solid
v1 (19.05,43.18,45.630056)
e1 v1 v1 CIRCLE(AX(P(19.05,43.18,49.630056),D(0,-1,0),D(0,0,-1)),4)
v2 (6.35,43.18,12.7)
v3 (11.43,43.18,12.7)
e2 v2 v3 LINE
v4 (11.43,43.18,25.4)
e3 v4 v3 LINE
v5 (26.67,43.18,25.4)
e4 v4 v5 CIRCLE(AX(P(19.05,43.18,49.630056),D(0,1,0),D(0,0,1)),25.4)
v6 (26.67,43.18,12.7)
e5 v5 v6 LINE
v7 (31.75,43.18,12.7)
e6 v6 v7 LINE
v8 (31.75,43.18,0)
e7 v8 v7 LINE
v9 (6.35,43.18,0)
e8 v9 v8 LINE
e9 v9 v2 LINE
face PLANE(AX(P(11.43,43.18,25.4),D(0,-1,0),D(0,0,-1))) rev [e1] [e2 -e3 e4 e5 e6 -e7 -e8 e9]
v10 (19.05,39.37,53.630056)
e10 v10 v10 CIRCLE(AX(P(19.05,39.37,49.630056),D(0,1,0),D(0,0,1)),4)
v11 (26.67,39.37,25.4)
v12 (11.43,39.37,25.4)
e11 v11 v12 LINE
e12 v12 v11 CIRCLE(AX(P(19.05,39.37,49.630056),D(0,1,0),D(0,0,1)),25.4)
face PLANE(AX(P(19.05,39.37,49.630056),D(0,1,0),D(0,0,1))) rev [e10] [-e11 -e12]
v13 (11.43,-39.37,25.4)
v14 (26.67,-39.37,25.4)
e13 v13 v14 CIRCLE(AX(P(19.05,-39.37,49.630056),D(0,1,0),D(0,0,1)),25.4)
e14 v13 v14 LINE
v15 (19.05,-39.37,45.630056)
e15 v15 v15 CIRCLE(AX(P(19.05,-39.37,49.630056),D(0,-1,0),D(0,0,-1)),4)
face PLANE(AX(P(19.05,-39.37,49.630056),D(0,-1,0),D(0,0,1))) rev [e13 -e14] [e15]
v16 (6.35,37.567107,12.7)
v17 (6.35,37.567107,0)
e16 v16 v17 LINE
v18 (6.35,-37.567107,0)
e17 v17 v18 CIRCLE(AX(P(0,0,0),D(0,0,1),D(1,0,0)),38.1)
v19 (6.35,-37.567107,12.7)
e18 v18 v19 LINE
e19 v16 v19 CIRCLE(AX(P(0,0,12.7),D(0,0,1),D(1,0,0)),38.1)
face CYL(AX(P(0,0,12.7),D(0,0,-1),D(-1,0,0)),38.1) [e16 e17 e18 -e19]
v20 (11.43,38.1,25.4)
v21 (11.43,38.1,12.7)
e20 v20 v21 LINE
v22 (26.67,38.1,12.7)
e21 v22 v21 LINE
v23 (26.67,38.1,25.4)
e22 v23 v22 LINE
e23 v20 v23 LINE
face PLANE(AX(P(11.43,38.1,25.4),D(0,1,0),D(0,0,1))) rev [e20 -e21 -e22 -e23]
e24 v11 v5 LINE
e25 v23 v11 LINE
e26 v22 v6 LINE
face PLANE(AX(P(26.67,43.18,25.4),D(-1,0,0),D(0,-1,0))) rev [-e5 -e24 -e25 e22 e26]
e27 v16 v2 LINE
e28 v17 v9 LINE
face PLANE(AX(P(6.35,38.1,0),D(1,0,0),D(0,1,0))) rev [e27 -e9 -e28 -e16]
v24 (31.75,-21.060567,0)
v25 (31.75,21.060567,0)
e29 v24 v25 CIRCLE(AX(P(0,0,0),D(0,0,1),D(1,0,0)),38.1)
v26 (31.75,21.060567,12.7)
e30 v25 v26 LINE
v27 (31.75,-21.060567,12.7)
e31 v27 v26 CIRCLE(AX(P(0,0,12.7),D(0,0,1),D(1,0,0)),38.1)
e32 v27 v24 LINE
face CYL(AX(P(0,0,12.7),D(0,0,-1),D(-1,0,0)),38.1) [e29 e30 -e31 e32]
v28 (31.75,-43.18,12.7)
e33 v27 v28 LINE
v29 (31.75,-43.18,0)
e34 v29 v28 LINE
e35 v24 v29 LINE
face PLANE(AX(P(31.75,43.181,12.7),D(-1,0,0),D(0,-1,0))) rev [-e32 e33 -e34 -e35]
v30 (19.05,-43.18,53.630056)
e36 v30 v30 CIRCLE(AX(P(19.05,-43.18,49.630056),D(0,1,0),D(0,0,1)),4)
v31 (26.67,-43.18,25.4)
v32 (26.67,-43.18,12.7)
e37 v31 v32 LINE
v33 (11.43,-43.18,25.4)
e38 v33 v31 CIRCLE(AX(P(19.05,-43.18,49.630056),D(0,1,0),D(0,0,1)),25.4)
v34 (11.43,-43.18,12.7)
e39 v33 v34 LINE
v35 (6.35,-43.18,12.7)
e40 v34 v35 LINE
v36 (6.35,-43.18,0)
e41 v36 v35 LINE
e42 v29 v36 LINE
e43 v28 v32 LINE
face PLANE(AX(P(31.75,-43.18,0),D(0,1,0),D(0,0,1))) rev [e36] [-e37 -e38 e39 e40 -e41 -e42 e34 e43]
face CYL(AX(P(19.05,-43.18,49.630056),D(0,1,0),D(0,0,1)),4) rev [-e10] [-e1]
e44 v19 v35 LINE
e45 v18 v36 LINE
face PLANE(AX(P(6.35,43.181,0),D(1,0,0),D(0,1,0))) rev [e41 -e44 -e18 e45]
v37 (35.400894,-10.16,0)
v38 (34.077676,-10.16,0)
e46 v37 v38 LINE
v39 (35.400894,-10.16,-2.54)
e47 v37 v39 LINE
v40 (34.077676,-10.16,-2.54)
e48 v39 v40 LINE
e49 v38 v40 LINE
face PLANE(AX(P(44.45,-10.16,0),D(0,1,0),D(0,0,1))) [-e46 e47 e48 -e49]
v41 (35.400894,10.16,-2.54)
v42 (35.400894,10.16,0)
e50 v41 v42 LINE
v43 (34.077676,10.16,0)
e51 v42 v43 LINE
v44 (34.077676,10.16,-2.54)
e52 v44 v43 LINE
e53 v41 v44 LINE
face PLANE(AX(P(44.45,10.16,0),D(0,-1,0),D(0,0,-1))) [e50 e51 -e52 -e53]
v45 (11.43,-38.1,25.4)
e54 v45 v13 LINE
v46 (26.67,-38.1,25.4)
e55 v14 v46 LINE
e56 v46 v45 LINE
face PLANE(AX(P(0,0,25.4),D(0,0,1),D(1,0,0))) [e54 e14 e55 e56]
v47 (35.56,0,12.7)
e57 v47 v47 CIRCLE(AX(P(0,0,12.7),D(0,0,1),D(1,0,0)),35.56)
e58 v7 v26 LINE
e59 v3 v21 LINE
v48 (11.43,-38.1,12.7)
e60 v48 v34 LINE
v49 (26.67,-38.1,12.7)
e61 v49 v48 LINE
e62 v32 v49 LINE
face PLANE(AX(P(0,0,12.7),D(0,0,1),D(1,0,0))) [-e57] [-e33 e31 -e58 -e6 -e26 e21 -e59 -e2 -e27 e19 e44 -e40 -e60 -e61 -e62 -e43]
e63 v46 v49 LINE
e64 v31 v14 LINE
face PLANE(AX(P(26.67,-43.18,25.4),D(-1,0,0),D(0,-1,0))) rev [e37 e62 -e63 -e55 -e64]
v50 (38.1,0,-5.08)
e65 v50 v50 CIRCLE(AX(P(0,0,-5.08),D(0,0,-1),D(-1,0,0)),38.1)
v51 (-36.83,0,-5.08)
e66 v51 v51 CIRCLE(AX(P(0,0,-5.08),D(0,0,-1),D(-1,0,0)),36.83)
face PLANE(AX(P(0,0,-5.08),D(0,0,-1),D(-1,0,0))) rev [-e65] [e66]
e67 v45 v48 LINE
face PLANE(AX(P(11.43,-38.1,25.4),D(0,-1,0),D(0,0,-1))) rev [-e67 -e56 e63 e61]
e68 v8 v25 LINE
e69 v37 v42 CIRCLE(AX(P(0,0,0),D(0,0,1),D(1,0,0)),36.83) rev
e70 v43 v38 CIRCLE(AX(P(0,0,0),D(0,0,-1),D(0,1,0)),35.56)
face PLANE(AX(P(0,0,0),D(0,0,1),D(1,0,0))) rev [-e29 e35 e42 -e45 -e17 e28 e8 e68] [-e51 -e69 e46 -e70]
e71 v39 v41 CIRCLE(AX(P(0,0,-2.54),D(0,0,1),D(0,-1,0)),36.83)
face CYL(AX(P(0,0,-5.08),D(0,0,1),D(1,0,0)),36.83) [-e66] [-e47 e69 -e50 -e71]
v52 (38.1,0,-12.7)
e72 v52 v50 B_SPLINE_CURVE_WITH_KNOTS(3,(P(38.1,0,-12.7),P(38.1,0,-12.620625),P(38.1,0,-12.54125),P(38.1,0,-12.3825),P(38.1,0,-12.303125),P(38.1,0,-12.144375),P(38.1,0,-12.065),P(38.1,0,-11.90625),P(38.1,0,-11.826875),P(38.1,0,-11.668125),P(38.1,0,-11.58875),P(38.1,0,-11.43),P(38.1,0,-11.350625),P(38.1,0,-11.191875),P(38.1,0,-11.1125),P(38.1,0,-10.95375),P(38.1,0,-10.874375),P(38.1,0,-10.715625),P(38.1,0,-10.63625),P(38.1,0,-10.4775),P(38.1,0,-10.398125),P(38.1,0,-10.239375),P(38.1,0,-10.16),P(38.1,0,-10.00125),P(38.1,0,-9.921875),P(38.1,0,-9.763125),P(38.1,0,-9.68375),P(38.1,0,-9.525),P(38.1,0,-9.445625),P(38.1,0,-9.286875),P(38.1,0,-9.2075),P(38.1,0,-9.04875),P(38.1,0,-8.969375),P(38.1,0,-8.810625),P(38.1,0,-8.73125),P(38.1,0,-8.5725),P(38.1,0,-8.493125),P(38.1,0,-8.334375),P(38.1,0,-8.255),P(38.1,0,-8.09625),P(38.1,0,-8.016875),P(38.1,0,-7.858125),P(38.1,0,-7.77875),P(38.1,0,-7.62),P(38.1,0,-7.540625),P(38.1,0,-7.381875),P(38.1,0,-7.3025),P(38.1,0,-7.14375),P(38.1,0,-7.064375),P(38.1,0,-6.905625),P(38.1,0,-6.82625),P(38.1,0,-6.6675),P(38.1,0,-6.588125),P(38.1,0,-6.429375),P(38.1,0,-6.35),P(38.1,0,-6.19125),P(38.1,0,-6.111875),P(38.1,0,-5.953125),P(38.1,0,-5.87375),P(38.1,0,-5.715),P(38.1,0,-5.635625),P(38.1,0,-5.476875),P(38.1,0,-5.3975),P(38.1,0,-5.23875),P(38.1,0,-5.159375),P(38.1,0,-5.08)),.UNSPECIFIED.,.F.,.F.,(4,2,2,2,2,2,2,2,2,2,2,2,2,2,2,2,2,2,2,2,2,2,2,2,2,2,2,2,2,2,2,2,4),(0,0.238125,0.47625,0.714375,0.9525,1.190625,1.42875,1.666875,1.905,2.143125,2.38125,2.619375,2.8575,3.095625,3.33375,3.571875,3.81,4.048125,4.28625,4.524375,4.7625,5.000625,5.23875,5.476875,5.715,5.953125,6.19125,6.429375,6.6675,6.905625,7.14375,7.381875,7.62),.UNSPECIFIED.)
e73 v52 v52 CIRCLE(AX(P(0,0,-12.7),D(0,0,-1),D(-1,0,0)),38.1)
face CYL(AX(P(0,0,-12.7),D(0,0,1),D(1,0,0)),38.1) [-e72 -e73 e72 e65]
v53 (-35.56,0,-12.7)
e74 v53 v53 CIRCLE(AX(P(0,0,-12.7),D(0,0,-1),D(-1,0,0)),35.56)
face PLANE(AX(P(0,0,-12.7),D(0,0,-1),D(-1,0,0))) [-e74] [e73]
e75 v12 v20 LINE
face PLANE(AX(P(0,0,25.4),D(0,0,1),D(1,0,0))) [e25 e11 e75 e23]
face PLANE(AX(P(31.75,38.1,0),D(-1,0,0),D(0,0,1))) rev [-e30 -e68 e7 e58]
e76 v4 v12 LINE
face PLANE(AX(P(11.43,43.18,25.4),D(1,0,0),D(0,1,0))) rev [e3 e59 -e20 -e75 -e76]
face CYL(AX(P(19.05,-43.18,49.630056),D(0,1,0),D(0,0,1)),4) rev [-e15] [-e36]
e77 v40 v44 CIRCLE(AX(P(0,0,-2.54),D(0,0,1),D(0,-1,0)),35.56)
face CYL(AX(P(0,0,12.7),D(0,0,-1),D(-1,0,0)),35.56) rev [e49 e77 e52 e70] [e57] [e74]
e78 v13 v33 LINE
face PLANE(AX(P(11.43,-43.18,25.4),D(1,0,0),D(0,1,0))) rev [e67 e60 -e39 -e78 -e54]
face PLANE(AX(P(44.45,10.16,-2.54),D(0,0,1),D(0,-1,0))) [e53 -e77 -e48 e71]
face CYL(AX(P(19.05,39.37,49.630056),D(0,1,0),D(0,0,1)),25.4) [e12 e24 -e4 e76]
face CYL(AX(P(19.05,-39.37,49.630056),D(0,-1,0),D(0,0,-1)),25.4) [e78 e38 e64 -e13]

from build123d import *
from build123d.topology import SkipClean

# Parameters (mm, degrees)
SKETCH2_R                = 38.1
SKETCH2_R_2              = 35.56
BOSS_EXTRUDE1_DEPTH      = 12.7
SKETCH4_W                = 15.24
SKETCH4_H                = 5.08
BOSS_EXTRUDE2_DEPTH      = 12.7
BOSS_EXTRUDE2_2_DEPTH    = 12.7
SKETCH5_W                = 25.4
SKETCH5_H                = 5.08
BOSS_EXTRUDE4_DEPTH      = 12.7
BOSS_EXTRUDE4_2_DEPTH    = 12.7
BOSS_EXTRUDE5_REACH      = 95.291
BOSS_EXTRUDE5_END_RADIUS = 38.1
SKETCH6_W                = 25.4
SKETCH6_H                = 12.7
BOSS_EXTRUDE6_REACH      = 95.291
BOSS_EXTRUDE6_END_RADIUS = 38.1
SKETCH7_W                = 25.4
SKETCH7_H                = 12.7
SKETCH8_R                = 25.4
BOSS_EXTRUDE7_DEPTH      = 3.81
BOSS_EXTRUDE8_START      = 5.08
SKETCH9_R                = 36.83
SKETCH9_R_2              = 35.56
BOSS_EXTRUDE8_DEPTH      = 5.08
BOSS_EXTRUDE9_START      = 7.62
SKETCH10_R               = 38.1
SKETCH10_R_2             = 35.56
BOSS_EXTRUDE9_DEPTH      = 7.62
SKETCH13_W               = 2.54
SKETCH13_H               = 20.32
CUT_EXTRUDE2_DEPTH       = 98.313021537
CUT_EXTRUDE3_DEPTH       = 123.732886223
CUT_EXTRUDE3_DEPTH_BACK  = 123.732886223
SKETCH14_R               = 4


with BuildPart() as part:
    # Sketch2 → Boss-Extrude1 (new body)
    with BuildSketch(Plane.XY):
        Circle(SKETCH2_R)
        Circle(SKETCH2_R_2, mode=Mode.SUBTRACT)
    extrude(amount=BOSS_EXTRUDE1_DEPTH)



with BuildPart() as body_2:
    # Sketch4 → Boss-Extrude2 (new body)
    with BuildSketch(Plane.XY.offset(12.7)):
        with Locations((19.05, 40.64)):
            Rectangle(SKETCH4_W, SKETCH4_H)
    extrude(amount=BOSS_EXTRUDE2_DEPTH)


with BuildPart() as body_3:
    # Sketch4 → Boss-Extrude2 2 (new body)
    with BuildSketch(Plane.XY.offset(12.7)):
        with Locations((19.05, -40.64)):
            Rectangle(SKETCH4_W, SKETCH4_H)
    extrude(amount=BOSS_EXTRUDE2_2_DEPTH)


with BuildPart() as body_4:
    # Sketch5 → Boss-Extrude4 (new body)
    with BuildSketch(Plane(origin=(0, 0, 12.7), x_dir=(-1, 0, 0), z_dir=(0, 0, -1))):
        with Locations((-19.05, 40.64)):
            Rectangle(SKETCH5_W, SKETCH5_H)
    extrude(amount=BOSS_EXTRUDE4_DEPTH)


with BuildPart() as body_5:
    # Sketch5 → Boss-Extrude4 2 (new body)
    with BuildSketch(Plane(origin=(0, 0, 12.7), x_dir=(-1, 0, 0), z_dir=(0, 0, -1))):
        with Locations((-19.05, -40.64)):
            Rectangle(SKETCH5_W, SKETCH5_H)
    extrude(amount=BOSS_EXTRUDE4_2_DEPTH)


with BuildPart() as part_1:
    add(part.part)

    add(body_3.part)  # Boss-Extrude5 merges body 3

    add(body_5.part)  # Boss-Extrude5 merges body 5
    # Boss-Extrude5: up to this cylinder (the profile starts outside it)
    boss_extrude5_end = Plane(origin=(0, 0, 6.35), z_dir=(0, 0, -1)) * Cylinder(BOSS_EXTRUDE5_END_RADIUS, 267.782, mode=Mode.PRIVATE)
    # Sketch6 → Boss-Extrude5 (add, up to the surface)
    with BuildSketch(Plane(origin=(0, -38.1, 0), x_dir=(1, 0, 0), z_dir=(0, 1, 0)), mode=Mode.PRIVATE) as boss_extrude5_sk1:
        with Locations((19.05, -6.35)):
            Rectangle(SKETCH6_W, SKETCH6_H)
    boss_extrude5_tool1 = extrude(boss_extrude5_sk1.sketch, amount=BOSS_EXTRUDE5_REACH, mode=Mode.PRIVATE) - boss_extrude5_end
    add(boss_extrude5_tool1.solids().sort_by_distance((19.05, -38.1, 6.35))[0])


    add(body_2.part)  # Boss-Extrude6 merges body 2

    add(body_4.part)  # Boss-Extrude6 merges body 4
    # Boss-Extrude6: up to this cylinder (the profile starts outside it)
    boss_extrude6_end = Plane(origin=(0, 0, 6.35), z_dir=(0, 0, -1)) * Cylinder(BOSS_EXTRUDE6_END_RADIUS, 267.782, mode=Mode.PRIVATE)
    # Sketch7 → Boss-Extrude6 (add, up to the surface)
    with BuildSketch(Plane.XZ.offset(-38.1), mode=Mode.PRIVATE) as boss_extrude6_sk1:
        with Locations((19.05, 6.35)):
            Rectangle(SKETCH7_W, SKETCH7_H)
    boss_extrude6_tool1 = extrude(boss_extrude6_sk1.sketch, amount=BOSS_EXTRUDE6_REACH, mode=Mode.PRIVATE) - boss_extrude6_end
    add(boss_extrude6_tool1.solids().sort_by_distance((19.05, 38.1, 6.35))[0])

    # Sketch8 → Boss-Extrude7 (add)
    with BuildSketch(Plane(origin=(0, 43.18, 0), x_dir=(1, 0, 0), z_dir=(0, 1, 0))):
        with Locations((19.05, -49.630055716)):
            Circle(SKETCH8_R)
    boss_extrude7 = extrude(amount=-BOSS_EXTRUDE7_DEPTH)

    # Mirror1: Boss-Extrude7 across plane
    add(boss_extrude7.mirror(Plane.ZX))

    # Sketch9 → Boss-Extrude8 (add)
    with SkipClean():  # the faces are left unmerged after this step: merging them gives an invalid solid
        with BuildSketch(Plane(origin=(0, 0, 0), x_dir=(-1, 0, 0), z_dir=(0, 0, -1)).offset(BOSS_EXTRUDE8_START)):
            with Locations(Location((0, 0, 0), (0, 0, 180))):
                Circle(SKETCH9_R)
            Circle(SKETCH9_R_2, mode=Mode.SUBTRACT)
        extrude(amount=-BOSS_EXTRUDE8_DEPTH)

    # Sketch10 → Boss-Extrude9 (add)
    with SkipClean():  # the faces are left unmerged after this step: merging them gives an invalid solid
        with BuildSketch(Plane(origin=(0, 0, -5.08), x_dir=(-1, 0, 0), z_dir=(0, 0, -1)).offset(BOSS_EXTRUDE9_START)):
            with Locations(Location((0, 0, 0), (0, 0, 180))):
                Circle(SKETCH10_R)
            Circle(SKETCH10_R_2, mode=Mode.SUBTRACT)
        extrude(amount=-BOSS_EXTRUDE9_DEPTH)

    # Sketch13 → Cut-Extrude2 (cut, through all)
    with SkipClean():  # the faces are left unmerged after this step: merging them gives an invalid solid
        with BuildSketch(Plane(origin=(0, 0, 0), x_dir=(0, 0, -1), z_dir=(1, 0, 0))):
            with Locations((1.27, 0)):
                Rectangle(SKETCH13_W, SKETCH13_H)
        extrude(amount=CUT_EXTRUDE2_DEPTH, mode=Mode.SUBTRACT)

    # Sketch14 → Cut-Extrude3 (cut, two sides: drawn at the far end of the back side and taken through both)
    with SkipClean():  # the faces are left unmerged after this step: merging them gives an invalid solid
        with BuildSketch(Plane(origin=(0, 43.18, 0), x_dir=(1, 0, 0), z_dir=(0, 1, 0)).offset(-CUT_EXTRUDE3_DEPTH_BACK)):
            with Locations(Location((19.05, -49.630055716, 0), (0, 0, 270))):
                Circle(SKETCH14_R)
        extrude(amount=CUT_EXTRUDE3_DEPTH + CUT_EXTRUDE3_DEPTH_BACK, mode=Mode.SUBTRACT)


solid = part_1.part
